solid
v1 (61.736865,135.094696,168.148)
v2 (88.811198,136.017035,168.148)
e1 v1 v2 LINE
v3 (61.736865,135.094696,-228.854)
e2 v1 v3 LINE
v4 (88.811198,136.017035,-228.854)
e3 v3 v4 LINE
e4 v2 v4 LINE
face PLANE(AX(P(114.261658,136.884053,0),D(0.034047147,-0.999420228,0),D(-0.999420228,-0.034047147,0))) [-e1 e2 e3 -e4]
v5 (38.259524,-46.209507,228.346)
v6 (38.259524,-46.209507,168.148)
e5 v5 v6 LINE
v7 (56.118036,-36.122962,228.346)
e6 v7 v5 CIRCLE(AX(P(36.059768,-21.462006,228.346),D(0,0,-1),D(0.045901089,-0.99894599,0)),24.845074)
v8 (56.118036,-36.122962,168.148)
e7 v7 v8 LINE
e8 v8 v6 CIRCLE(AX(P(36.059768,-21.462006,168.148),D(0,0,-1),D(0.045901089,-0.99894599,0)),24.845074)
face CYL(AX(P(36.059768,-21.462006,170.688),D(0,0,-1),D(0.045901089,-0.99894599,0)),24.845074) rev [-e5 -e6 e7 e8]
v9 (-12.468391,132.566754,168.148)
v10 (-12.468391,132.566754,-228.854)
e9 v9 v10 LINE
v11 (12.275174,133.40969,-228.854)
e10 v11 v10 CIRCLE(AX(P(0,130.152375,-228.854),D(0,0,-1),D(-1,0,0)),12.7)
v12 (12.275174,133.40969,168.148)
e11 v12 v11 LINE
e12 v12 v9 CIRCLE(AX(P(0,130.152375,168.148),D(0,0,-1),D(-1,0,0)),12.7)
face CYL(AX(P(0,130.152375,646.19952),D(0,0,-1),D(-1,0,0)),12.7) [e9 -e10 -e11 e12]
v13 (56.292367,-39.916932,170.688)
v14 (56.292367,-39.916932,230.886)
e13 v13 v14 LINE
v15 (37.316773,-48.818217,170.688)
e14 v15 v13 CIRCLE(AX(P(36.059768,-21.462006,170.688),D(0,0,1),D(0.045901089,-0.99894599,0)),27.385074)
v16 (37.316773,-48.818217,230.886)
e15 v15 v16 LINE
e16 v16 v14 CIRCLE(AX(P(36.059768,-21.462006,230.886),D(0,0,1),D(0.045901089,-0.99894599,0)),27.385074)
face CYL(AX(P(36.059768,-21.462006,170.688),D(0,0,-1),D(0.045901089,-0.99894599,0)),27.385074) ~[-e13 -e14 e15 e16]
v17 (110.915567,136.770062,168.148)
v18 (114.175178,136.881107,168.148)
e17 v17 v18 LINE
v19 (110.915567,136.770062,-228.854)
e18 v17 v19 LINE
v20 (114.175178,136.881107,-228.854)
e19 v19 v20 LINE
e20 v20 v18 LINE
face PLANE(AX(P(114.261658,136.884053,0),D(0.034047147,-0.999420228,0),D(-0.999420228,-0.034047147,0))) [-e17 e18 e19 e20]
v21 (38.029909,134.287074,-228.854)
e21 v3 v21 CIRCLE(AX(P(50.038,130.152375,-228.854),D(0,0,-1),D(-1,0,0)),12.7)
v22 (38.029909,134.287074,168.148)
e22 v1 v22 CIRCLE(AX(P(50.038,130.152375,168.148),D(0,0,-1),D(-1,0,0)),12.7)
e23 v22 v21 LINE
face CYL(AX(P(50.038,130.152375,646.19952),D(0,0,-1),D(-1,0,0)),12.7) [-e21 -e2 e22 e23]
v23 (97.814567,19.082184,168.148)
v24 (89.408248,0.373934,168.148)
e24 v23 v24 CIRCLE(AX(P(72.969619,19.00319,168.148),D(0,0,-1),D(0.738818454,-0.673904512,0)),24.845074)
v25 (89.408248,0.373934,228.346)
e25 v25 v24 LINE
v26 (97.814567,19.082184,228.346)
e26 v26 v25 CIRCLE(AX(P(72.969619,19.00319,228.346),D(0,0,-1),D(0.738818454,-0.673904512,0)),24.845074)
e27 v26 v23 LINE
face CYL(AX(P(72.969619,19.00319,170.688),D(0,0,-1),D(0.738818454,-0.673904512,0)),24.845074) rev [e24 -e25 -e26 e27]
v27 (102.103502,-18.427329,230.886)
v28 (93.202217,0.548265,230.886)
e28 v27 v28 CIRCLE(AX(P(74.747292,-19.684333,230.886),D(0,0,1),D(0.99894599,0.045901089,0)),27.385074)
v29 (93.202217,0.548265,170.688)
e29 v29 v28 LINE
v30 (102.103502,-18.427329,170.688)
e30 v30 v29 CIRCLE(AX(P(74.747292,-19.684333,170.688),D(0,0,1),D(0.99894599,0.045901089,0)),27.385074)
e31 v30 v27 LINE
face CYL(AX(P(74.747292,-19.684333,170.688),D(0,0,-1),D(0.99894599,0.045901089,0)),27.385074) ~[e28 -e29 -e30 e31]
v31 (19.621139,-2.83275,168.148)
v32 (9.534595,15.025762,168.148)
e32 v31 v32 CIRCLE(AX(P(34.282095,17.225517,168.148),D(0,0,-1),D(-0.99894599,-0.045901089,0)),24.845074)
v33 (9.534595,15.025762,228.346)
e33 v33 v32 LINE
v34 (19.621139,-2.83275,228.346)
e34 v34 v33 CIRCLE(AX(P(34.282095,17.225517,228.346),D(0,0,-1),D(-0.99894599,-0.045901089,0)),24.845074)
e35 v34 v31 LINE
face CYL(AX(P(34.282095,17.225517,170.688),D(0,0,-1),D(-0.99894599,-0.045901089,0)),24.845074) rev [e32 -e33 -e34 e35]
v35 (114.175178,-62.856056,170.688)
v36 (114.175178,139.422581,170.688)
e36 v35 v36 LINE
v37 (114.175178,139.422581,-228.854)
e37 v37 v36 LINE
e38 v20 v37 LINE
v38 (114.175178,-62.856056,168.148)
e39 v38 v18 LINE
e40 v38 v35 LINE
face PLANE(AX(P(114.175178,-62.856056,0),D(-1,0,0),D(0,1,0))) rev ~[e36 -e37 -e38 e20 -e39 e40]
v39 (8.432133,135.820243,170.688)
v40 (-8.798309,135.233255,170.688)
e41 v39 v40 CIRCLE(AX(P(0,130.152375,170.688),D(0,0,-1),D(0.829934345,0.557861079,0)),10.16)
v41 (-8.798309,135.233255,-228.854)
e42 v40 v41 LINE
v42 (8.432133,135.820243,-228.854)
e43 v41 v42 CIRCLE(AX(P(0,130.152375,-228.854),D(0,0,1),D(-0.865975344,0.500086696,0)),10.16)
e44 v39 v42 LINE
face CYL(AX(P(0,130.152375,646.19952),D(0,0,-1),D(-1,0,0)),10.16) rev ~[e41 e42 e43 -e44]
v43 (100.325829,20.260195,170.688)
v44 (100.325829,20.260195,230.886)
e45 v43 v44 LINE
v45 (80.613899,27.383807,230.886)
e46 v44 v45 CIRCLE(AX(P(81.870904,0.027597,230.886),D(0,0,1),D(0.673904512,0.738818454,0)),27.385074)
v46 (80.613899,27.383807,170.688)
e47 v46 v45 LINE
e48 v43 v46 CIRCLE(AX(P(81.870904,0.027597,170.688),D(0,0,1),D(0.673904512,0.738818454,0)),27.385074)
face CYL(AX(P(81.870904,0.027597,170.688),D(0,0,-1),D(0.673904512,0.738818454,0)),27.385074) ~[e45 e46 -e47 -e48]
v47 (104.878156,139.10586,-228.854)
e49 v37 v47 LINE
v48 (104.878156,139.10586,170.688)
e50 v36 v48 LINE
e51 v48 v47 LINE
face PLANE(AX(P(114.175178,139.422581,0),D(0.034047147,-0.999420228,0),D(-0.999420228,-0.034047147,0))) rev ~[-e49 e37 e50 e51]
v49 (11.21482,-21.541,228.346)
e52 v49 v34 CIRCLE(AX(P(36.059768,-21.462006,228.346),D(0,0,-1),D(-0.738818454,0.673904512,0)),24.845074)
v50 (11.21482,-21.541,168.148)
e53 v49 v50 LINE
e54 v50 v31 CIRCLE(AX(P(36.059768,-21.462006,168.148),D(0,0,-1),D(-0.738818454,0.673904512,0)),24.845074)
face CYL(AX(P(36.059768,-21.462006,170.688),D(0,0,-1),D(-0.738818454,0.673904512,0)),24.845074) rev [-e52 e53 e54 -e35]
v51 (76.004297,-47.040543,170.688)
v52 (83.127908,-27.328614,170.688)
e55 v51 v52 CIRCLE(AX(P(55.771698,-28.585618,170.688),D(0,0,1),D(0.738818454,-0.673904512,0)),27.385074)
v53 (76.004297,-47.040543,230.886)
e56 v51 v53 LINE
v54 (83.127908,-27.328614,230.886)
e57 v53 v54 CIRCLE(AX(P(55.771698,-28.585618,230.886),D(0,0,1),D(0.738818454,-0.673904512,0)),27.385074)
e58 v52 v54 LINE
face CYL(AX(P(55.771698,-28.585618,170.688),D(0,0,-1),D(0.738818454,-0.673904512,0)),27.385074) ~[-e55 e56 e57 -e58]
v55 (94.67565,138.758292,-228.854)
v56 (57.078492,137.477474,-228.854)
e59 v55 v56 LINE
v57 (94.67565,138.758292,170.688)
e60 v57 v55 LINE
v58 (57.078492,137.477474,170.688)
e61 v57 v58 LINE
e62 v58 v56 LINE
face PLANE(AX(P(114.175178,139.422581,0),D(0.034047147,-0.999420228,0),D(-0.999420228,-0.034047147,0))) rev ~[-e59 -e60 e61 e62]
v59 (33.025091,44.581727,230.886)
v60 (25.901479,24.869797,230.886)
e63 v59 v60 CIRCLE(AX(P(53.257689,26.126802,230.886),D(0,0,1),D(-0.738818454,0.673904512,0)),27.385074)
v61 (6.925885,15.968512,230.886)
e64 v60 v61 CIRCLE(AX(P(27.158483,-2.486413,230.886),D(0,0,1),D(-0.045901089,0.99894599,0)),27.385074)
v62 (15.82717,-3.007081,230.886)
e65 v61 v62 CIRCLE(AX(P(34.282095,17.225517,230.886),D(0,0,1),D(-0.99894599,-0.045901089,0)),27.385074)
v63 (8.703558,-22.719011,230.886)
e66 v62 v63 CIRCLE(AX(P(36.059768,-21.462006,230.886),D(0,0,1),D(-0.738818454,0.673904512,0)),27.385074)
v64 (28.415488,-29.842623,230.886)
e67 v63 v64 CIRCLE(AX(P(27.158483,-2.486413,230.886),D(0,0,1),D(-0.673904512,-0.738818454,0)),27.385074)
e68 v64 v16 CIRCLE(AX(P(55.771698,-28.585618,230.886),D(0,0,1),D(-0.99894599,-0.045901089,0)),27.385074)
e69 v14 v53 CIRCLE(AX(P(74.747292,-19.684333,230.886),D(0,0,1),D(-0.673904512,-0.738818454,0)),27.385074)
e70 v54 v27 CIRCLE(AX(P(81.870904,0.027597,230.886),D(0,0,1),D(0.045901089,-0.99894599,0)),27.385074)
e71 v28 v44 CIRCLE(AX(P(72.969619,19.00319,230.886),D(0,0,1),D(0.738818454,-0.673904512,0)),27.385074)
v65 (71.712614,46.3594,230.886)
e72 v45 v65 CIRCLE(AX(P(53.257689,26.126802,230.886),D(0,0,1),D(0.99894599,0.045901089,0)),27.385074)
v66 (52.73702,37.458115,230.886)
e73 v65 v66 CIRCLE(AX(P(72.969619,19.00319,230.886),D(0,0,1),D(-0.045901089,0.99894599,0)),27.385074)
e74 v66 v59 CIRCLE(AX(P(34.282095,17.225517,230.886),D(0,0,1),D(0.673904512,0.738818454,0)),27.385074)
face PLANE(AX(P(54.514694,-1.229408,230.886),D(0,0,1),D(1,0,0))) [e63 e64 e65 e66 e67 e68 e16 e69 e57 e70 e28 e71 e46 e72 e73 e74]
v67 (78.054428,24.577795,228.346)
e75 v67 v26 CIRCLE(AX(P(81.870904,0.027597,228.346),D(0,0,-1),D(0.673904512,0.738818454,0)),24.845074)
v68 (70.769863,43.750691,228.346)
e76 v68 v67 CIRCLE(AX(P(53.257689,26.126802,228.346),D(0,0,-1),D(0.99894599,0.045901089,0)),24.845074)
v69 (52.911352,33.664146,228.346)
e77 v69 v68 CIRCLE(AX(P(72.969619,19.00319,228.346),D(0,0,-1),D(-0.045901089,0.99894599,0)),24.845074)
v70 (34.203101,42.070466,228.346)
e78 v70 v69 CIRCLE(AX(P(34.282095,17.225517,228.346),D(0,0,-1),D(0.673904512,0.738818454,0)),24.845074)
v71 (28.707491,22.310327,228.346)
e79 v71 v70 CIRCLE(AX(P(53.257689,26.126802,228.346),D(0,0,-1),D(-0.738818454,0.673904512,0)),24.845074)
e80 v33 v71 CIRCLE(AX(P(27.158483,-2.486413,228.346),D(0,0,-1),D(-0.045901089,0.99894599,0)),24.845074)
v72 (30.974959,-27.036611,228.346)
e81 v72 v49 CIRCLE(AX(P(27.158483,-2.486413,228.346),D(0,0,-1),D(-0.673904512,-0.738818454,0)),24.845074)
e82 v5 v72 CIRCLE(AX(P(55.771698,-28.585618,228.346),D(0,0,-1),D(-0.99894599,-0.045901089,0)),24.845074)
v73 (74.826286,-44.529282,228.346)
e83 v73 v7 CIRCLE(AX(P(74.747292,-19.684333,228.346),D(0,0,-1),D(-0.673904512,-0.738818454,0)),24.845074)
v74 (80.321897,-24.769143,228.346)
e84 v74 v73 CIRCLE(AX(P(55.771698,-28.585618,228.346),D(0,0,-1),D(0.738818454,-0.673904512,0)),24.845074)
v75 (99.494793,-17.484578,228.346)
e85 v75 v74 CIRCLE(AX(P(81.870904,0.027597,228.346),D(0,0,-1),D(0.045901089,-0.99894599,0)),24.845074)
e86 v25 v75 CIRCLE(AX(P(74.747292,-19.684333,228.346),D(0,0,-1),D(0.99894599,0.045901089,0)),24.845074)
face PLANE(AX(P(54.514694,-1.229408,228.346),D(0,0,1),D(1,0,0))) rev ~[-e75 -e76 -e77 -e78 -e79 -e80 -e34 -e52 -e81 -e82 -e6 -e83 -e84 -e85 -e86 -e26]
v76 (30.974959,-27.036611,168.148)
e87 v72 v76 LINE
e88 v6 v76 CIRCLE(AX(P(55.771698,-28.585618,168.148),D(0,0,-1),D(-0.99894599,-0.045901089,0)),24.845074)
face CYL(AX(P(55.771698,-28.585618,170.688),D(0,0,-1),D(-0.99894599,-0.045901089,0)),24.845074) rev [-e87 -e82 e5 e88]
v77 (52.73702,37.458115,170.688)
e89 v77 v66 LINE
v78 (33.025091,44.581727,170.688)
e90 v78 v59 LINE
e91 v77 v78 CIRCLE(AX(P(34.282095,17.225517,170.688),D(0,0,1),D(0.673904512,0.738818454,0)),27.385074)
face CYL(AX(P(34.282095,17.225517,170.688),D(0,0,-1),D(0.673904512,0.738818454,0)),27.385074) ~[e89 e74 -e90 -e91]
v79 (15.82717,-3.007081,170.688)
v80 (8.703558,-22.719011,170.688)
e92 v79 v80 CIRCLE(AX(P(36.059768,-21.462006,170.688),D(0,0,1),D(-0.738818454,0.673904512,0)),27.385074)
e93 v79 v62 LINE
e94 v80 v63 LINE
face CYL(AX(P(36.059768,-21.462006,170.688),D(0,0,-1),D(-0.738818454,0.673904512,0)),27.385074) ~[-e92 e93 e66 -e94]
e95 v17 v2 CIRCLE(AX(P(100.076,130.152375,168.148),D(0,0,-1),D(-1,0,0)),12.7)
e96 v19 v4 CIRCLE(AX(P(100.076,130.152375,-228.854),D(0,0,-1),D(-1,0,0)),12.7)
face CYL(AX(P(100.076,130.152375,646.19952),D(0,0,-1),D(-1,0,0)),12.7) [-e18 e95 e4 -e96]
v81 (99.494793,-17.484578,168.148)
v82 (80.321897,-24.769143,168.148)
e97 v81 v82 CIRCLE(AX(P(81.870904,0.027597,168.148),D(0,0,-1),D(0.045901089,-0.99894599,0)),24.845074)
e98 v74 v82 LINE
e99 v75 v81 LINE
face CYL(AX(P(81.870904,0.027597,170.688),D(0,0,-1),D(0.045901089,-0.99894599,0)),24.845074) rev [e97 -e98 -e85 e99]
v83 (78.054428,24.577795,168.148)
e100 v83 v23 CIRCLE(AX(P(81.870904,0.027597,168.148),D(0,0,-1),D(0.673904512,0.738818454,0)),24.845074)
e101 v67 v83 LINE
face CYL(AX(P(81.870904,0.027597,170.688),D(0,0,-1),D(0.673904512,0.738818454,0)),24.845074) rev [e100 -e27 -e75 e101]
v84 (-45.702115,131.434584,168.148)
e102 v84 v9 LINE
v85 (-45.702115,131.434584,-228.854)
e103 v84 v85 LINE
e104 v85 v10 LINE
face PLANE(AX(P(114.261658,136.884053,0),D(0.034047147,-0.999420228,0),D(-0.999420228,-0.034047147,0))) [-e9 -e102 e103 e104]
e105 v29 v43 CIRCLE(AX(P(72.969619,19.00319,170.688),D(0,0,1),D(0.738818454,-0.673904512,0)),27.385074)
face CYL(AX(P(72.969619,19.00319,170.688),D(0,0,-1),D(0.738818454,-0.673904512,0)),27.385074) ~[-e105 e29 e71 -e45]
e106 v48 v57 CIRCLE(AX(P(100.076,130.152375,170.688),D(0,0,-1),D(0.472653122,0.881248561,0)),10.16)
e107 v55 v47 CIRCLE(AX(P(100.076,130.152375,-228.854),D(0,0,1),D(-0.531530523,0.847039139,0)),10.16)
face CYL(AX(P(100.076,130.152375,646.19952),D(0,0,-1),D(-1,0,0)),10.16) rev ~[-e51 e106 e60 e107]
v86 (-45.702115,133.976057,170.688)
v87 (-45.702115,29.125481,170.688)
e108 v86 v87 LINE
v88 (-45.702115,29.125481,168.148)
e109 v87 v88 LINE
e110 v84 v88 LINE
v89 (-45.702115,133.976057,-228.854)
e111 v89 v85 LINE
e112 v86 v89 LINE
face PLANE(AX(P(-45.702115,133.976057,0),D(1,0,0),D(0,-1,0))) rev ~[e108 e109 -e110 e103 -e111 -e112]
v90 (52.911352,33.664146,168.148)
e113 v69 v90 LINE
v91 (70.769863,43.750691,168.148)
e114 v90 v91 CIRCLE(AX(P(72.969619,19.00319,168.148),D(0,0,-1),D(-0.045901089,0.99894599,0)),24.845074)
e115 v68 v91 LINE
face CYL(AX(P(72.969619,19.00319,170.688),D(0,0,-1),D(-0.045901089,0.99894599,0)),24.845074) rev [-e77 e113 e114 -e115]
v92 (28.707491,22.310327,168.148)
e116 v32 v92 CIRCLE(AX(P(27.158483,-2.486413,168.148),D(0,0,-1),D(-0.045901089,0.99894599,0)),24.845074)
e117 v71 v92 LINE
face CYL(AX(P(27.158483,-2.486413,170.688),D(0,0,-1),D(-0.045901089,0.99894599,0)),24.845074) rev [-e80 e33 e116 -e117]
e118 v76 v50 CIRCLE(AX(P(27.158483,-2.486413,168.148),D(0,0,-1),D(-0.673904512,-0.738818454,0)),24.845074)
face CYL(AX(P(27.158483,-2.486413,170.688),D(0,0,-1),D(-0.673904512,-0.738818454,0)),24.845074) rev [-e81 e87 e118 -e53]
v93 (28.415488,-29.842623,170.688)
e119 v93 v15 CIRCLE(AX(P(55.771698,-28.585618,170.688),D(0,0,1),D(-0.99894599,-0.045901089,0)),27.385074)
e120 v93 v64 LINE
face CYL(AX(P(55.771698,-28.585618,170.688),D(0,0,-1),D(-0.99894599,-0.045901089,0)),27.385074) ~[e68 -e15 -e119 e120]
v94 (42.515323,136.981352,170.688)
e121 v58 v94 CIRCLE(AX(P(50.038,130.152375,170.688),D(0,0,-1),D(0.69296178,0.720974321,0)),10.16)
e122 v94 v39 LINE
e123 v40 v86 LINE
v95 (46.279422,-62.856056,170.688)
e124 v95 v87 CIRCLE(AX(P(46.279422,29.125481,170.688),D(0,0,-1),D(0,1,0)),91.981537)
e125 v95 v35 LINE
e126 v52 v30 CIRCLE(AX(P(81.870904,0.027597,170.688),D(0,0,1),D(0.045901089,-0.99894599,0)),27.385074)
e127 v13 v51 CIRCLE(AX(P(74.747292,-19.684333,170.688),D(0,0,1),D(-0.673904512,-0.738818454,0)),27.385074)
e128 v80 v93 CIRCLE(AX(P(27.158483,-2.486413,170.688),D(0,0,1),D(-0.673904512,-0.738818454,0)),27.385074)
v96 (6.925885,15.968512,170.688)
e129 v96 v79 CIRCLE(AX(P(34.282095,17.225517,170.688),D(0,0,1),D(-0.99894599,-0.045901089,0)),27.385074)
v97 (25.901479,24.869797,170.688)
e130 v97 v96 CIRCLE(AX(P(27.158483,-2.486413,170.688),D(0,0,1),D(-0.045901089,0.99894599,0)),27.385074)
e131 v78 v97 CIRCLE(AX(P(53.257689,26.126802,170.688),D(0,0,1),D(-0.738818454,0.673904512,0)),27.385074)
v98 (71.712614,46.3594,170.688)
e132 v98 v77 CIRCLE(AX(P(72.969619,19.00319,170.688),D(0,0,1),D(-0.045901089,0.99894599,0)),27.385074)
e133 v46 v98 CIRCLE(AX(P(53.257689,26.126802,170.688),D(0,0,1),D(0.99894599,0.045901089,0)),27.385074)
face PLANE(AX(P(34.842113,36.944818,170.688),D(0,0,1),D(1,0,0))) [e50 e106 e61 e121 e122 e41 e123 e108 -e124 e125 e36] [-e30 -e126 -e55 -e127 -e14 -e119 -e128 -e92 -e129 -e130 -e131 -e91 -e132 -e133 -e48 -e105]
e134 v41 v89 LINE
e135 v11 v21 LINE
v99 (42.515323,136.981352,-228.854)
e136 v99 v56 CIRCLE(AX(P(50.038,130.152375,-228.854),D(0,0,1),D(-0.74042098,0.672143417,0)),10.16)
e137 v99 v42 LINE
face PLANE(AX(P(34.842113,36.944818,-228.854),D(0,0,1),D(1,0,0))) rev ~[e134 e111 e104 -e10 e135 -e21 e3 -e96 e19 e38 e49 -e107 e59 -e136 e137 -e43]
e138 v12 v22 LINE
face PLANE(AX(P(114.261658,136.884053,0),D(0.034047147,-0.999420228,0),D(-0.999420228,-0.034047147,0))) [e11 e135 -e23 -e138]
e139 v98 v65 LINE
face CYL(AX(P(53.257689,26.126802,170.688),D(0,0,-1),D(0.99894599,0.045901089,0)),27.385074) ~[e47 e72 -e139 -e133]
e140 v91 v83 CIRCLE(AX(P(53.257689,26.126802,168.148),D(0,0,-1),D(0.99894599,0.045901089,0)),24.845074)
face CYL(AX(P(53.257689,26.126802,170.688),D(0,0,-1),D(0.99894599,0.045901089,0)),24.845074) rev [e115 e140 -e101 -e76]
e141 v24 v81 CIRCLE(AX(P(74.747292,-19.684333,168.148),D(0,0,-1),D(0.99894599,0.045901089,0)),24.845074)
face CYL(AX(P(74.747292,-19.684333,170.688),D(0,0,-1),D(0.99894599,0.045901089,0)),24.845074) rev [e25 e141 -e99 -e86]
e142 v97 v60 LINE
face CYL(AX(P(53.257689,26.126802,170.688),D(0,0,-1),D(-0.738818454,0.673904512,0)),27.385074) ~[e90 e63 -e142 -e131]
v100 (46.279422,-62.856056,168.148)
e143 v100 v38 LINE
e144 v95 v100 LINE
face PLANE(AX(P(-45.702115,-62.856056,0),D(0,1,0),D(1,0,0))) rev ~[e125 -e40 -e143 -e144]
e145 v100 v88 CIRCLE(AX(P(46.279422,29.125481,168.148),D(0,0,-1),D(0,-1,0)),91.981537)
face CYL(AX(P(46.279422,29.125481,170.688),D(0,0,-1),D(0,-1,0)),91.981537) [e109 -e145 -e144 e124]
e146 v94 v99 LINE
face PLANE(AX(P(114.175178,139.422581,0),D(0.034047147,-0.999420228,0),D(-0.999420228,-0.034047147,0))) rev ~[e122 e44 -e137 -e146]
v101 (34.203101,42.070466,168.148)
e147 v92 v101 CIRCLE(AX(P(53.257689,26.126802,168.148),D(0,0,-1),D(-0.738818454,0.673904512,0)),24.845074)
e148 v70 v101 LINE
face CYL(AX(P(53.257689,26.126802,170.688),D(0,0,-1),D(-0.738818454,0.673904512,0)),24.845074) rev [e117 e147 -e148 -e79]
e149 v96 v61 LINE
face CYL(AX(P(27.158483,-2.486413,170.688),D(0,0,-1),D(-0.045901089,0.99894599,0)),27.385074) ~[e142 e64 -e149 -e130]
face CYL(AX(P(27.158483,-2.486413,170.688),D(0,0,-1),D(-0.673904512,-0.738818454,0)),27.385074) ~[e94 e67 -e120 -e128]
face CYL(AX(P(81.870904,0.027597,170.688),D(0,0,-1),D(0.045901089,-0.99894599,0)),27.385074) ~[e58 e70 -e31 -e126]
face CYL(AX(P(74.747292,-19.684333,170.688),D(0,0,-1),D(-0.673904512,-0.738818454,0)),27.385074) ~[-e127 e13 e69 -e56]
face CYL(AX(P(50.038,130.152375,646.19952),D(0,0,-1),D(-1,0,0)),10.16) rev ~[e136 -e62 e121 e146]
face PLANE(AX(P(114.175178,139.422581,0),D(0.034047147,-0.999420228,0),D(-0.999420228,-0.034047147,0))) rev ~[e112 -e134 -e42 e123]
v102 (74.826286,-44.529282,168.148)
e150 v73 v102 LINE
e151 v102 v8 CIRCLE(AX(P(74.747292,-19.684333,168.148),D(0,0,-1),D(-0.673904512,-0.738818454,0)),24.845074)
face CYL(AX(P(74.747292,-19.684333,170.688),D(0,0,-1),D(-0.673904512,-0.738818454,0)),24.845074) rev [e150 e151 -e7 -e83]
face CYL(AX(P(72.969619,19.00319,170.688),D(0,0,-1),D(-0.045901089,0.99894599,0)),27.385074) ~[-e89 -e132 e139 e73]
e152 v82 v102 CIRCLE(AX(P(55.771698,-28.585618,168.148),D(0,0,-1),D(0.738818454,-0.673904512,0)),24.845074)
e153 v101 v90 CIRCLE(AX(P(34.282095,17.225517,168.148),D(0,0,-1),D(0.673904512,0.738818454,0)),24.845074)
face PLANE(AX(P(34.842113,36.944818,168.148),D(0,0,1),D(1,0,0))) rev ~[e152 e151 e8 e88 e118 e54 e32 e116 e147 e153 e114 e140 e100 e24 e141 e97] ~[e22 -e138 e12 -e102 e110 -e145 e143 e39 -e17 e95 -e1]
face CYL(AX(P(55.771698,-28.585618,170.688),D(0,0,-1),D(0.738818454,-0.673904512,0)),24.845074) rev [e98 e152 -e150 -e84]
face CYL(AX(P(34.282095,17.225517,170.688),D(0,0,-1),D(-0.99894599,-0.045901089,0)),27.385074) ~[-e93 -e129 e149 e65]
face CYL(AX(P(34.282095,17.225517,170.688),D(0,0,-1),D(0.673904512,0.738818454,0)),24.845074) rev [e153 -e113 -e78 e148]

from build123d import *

# Parameters (mm, degrees)
F1_DEPTH      = 228.854
F1_DEPTH_BACK = 170.688
F3_D          = 20.32
F4_R          = 91.9815367264
F5_DEPTH      = 60.198
F6_T          = -2.54


with BuildPart() as f1:
    # F0 (on Top) → F1 (new body, two sides)
    with BuildSketch(Plane.XY) as f1_sk:
        Polygon((-45.7021147013, -62.8560557961), (0, -62.8560557961), (57.0875890553, -62.8560557961), (114.1751781106, -62.8560557961), (114.1751781106, 35.5600006878), (114.1751781106, 126.9761919975), (114.1751781106, 133.9760571718), (114.1751781106, 139.4225805998), (-45.7021147013, 133.9760571718), (-45.7021147013, 35.5600006878), align=None)
    extrude(amount=-F1_DEPTH)
    extrude(f1_sk.sketch, amount=F1_DEPTH_BACK)

    # F3 (through all)
    with Locations(Plane.XY.offset(170.688)):
        with Locations((0, 130.152374506), (50.038, 130.152374506), (100.076, 130.152374506)):
            Hole(F3_D / 2)

    # F4
    f4_edges = [f1.edges().sort_by_distance(p)[0] for p in [
        (-45.702115, -62.856056, -29.083),
    ]]
    fillet(f4_edges, radius=F4_R)

    # F2 (on face) → F5 (join)
    with BuildSketch(Plane.XY.offset(170.688)):
        with BuildLine():
            ThreePointArc((52.7370204776, 37.4581152183), (43.5895428052, 42.9803944735), (33.0250906296, 44.5817270971))
            ThreePointArc((33.0250906296, 44.5817270971), (27.5028113743, 35.4342494247), (25.9014787508, 24.8697972491))
            ThreePointArc((25.9014787508, 24.8697972491), (15.5283941488, 22.3063948652), (6.9258852189, 15.9685122494))
            ThreePointArc((6.9258852189, 15.9685122494), (9.4892876028, 5.5954276475), (15.8271702186, -3.0070812824))
            ThreePointArc((15.8271702186, -3.0070812824), (10.3048909633, -12.1545589549), (8.7035583398, -22.7190111304))
            ThreePointArc((8.7035583398, -22.7190111304), (17.8510360122, -28.2412903857), (28.4154881878, -29.8426230093))
            ThreePointArc((28.4154881878, -29.8426230093), (30.9788905717, -40.2157076112), (37.3167731875, -48.8182165411))
            ThreePointArc((37.3167731875, -48.8182165411), (47.6898577894, -46.2548141572), (56.2923667193, -39.9169315414))
            ThreePointArc((56.2923667193, -39.9169315414), (65.4398443918, -45.4392107967), (76.0042965673, -47.0405434203))
            ThreePointArc((76.0042965673, -47.0405434203), (81.5265758226, -37.8930657478), (83.1279084462, -27.3286135723))
            ThreePointArc((83.1279084462, -27.3286135723), (93.5009930481, -24.7652111884), (102.103501978, -18.4273285726))
            ThreePointArc((102.103501978, -18.4273285726), (99.5400995941, -8.0542439706), (93.2022169783, 0.5482649593))
            ThreePointArc((93.2022169783, 0.5482649593), (98.7244962336, 9.6957426317), (100.3258288572, 20.2601948073))
            ThreePointArc((100.3258288572, 20.2601948073), (91.1783511847, 25.7824740625), (80.6138990092, 27.3838066861))
            ThreePointArc((80.6138990092, 27.3838066861), (78.0504966252, 37.7568912881), (71.7126140095, 46.359400218))
            ThreePointArc((71.7126140095, 46.359400218), (61.3395294075, 43.795997834), (52.7370204776, 37.4581152183))
        make_face()
    extrude(amount=F5_DEPTH)

    # F6
    f6_openings = [f1.faces().sort_by_distance(p)[0] for p in [
        (-18.761346, -35.915287, -29.083),
        (-45.702115, 81.550769, -29.083),
        (37.767676, 39.089228, -228.854),
        (114.175178, 38.283262, -29.083),
        (80.2273, -62.856056, -29.083),
    ]]
    offset(amount=F6_T, openings=f6_openings, kind=Kind.INTERSECTION)


solid = f1.part
